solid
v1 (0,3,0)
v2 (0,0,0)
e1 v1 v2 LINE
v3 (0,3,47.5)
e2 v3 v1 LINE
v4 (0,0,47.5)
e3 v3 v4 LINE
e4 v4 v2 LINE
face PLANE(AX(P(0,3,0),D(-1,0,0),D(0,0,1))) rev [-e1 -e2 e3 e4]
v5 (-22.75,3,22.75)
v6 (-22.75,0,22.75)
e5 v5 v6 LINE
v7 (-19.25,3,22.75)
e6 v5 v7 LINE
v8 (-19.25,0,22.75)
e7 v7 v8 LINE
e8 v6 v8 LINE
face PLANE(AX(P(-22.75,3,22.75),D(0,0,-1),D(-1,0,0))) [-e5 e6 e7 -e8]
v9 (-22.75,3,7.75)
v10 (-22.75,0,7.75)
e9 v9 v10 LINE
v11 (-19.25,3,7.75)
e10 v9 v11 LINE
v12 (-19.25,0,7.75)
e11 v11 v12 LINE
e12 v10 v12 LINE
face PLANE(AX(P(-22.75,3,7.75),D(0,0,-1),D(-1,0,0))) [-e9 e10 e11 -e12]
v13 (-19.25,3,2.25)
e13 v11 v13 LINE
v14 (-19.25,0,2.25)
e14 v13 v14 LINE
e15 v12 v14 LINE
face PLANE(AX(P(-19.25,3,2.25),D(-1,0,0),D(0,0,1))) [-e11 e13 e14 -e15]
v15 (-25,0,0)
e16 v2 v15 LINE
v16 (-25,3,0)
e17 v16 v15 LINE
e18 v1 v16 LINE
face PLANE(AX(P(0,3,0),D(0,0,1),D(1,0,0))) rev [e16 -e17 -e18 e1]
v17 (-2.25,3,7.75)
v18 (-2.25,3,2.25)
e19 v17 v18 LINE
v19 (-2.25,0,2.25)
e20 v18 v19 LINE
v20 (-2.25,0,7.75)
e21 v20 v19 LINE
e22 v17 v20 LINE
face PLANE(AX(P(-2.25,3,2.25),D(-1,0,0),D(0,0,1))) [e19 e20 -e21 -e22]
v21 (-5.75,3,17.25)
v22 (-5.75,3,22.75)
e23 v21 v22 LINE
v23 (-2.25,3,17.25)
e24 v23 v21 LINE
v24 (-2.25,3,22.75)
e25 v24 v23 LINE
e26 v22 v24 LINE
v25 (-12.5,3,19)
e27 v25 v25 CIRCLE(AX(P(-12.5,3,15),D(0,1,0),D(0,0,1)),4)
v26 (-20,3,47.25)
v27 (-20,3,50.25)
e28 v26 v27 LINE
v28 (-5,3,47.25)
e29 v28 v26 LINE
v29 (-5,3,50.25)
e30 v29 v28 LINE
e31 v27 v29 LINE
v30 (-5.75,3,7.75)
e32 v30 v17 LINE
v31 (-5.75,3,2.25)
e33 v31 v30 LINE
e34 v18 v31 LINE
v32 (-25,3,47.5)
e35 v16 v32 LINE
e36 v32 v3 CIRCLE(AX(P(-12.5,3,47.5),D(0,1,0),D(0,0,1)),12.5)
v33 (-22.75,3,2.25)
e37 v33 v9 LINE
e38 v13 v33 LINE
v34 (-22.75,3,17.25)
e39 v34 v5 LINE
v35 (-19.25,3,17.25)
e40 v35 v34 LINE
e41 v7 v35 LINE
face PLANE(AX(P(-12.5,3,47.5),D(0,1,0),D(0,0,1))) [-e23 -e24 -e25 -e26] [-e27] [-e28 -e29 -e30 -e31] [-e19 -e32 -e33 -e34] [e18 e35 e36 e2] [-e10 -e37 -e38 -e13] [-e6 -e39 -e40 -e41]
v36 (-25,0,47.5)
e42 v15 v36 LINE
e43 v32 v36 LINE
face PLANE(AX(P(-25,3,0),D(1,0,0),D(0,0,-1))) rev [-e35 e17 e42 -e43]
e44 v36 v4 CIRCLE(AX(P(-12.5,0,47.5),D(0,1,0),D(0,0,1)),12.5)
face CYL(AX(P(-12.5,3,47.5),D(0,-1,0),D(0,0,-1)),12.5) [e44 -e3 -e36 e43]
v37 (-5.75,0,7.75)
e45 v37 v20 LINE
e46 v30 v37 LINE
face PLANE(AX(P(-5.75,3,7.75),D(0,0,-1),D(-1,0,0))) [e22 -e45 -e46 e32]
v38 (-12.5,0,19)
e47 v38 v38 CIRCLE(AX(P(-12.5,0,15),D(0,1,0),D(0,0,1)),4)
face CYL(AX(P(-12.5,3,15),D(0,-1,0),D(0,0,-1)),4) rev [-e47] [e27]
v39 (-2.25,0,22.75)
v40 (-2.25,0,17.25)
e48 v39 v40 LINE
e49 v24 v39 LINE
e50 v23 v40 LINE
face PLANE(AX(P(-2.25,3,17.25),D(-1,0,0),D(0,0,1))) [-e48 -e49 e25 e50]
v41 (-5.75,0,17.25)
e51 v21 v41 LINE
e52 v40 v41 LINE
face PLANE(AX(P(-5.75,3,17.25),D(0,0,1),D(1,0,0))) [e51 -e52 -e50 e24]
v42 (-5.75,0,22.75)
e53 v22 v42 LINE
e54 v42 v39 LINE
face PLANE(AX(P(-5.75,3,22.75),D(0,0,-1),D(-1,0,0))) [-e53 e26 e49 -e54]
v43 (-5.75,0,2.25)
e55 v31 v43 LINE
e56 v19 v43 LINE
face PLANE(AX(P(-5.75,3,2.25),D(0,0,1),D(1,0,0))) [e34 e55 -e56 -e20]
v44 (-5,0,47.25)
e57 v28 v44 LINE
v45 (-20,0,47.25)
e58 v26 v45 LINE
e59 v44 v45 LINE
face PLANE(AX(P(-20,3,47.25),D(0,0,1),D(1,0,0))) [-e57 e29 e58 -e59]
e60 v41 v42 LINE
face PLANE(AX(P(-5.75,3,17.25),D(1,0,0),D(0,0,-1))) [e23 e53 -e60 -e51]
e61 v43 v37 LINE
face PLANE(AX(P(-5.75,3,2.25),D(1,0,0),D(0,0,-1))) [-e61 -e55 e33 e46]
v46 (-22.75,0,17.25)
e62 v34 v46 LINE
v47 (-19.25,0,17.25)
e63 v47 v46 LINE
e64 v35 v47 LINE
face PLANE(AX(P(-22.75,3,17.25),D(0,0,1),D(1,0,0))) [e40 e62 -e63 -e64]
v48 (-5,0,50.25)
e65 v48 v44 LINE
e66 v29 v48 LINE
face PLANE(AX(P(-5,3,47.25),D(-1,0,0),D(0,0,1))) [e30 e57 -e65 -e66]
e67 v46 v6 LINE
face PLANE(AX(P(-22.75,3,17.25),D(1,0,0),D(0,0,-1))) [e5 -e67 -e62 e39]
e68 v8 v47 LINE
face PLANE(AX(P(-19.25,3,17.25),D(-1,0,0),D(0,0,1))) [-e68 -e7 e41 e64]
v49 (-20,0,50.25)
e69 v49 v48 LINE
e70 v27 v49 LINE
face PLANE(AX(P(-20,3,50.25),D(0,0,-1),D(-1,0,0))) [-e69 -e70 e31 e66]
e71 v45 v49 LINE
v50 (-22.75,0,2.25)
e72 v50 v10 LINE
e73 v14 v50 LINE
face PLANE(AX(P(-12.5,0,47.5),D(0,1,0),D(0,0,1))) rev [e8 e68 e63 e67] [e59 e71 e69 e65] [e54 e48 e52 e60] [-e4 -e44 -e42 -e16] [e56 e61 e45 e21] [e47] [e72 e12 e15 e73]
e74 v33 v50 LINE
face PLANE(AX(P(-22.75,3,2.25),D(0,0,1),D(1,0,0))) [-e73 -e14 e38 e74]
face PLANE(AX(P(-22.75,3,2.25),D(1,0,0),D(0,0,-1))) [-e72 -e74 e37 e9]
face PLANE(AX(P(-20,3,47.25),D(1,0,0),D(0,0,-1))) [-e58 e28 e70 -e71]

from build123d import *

# Parameters (mm, degrees)
SKETCH1_R           = 4
SKETCH1_W           = 3.5
SKETCH1_H           = 5.5
SKETCH1_W_2         = 15
SKETCH1_H_2         = 3
BOSS_EXTRUDE1_DEPTH = 3


with BuildPart() as part:
    # Sketch1 → Boss-Extrude1 (new body)
    with BuildSketch(Plane(origin=(0, 0, 0), x_dir=(1, 0, 0), z_dir=(0, 1, 0))):
        with BuildLine():
            Line((0, 0), (-25, 0))
            Line((-25, 0), (-25, -47.5))
            ThreePointArc((-25, -47.5), (-12.5, -60), (0, -47.5))
            Line((0, -47.5), (0, 0))
        make_face()
        with Locations(Location((-12.5, -15, 0), (0, 0, 270))):
            Circle(SKETCH1_R, mode=Mode.SUBTRACT)
        with Locations((-21, -5)):
            Rectangle(SKETCH1_W, SKETCH1_H, mode=Mode.SUBTRACT)
        with Locations((-4, -5)):
            Rectangle(SKETCH1_W, SKETCH1_H, mode=Mode.SUBTRACT)
        with Locations((-21, -20)):
            Rectangle(SKETCH1_W, SKETCH1_H, mode=Mode.SUBTRACT)
        with Locations((-4, -20)):
            Rectangle(SKETCH1_W, SKETCH1_H, mode=Mode.SUBTRACT)
        with Locations((-12.5, -48.75)):
            Rectangle(SKETCH1_W_2, SKETCH1_H_2, mode=Mode.SUBTRACT)
    extrude(amount=BOSS_EXTRUDE1_DEPTH)


solid = part.part
